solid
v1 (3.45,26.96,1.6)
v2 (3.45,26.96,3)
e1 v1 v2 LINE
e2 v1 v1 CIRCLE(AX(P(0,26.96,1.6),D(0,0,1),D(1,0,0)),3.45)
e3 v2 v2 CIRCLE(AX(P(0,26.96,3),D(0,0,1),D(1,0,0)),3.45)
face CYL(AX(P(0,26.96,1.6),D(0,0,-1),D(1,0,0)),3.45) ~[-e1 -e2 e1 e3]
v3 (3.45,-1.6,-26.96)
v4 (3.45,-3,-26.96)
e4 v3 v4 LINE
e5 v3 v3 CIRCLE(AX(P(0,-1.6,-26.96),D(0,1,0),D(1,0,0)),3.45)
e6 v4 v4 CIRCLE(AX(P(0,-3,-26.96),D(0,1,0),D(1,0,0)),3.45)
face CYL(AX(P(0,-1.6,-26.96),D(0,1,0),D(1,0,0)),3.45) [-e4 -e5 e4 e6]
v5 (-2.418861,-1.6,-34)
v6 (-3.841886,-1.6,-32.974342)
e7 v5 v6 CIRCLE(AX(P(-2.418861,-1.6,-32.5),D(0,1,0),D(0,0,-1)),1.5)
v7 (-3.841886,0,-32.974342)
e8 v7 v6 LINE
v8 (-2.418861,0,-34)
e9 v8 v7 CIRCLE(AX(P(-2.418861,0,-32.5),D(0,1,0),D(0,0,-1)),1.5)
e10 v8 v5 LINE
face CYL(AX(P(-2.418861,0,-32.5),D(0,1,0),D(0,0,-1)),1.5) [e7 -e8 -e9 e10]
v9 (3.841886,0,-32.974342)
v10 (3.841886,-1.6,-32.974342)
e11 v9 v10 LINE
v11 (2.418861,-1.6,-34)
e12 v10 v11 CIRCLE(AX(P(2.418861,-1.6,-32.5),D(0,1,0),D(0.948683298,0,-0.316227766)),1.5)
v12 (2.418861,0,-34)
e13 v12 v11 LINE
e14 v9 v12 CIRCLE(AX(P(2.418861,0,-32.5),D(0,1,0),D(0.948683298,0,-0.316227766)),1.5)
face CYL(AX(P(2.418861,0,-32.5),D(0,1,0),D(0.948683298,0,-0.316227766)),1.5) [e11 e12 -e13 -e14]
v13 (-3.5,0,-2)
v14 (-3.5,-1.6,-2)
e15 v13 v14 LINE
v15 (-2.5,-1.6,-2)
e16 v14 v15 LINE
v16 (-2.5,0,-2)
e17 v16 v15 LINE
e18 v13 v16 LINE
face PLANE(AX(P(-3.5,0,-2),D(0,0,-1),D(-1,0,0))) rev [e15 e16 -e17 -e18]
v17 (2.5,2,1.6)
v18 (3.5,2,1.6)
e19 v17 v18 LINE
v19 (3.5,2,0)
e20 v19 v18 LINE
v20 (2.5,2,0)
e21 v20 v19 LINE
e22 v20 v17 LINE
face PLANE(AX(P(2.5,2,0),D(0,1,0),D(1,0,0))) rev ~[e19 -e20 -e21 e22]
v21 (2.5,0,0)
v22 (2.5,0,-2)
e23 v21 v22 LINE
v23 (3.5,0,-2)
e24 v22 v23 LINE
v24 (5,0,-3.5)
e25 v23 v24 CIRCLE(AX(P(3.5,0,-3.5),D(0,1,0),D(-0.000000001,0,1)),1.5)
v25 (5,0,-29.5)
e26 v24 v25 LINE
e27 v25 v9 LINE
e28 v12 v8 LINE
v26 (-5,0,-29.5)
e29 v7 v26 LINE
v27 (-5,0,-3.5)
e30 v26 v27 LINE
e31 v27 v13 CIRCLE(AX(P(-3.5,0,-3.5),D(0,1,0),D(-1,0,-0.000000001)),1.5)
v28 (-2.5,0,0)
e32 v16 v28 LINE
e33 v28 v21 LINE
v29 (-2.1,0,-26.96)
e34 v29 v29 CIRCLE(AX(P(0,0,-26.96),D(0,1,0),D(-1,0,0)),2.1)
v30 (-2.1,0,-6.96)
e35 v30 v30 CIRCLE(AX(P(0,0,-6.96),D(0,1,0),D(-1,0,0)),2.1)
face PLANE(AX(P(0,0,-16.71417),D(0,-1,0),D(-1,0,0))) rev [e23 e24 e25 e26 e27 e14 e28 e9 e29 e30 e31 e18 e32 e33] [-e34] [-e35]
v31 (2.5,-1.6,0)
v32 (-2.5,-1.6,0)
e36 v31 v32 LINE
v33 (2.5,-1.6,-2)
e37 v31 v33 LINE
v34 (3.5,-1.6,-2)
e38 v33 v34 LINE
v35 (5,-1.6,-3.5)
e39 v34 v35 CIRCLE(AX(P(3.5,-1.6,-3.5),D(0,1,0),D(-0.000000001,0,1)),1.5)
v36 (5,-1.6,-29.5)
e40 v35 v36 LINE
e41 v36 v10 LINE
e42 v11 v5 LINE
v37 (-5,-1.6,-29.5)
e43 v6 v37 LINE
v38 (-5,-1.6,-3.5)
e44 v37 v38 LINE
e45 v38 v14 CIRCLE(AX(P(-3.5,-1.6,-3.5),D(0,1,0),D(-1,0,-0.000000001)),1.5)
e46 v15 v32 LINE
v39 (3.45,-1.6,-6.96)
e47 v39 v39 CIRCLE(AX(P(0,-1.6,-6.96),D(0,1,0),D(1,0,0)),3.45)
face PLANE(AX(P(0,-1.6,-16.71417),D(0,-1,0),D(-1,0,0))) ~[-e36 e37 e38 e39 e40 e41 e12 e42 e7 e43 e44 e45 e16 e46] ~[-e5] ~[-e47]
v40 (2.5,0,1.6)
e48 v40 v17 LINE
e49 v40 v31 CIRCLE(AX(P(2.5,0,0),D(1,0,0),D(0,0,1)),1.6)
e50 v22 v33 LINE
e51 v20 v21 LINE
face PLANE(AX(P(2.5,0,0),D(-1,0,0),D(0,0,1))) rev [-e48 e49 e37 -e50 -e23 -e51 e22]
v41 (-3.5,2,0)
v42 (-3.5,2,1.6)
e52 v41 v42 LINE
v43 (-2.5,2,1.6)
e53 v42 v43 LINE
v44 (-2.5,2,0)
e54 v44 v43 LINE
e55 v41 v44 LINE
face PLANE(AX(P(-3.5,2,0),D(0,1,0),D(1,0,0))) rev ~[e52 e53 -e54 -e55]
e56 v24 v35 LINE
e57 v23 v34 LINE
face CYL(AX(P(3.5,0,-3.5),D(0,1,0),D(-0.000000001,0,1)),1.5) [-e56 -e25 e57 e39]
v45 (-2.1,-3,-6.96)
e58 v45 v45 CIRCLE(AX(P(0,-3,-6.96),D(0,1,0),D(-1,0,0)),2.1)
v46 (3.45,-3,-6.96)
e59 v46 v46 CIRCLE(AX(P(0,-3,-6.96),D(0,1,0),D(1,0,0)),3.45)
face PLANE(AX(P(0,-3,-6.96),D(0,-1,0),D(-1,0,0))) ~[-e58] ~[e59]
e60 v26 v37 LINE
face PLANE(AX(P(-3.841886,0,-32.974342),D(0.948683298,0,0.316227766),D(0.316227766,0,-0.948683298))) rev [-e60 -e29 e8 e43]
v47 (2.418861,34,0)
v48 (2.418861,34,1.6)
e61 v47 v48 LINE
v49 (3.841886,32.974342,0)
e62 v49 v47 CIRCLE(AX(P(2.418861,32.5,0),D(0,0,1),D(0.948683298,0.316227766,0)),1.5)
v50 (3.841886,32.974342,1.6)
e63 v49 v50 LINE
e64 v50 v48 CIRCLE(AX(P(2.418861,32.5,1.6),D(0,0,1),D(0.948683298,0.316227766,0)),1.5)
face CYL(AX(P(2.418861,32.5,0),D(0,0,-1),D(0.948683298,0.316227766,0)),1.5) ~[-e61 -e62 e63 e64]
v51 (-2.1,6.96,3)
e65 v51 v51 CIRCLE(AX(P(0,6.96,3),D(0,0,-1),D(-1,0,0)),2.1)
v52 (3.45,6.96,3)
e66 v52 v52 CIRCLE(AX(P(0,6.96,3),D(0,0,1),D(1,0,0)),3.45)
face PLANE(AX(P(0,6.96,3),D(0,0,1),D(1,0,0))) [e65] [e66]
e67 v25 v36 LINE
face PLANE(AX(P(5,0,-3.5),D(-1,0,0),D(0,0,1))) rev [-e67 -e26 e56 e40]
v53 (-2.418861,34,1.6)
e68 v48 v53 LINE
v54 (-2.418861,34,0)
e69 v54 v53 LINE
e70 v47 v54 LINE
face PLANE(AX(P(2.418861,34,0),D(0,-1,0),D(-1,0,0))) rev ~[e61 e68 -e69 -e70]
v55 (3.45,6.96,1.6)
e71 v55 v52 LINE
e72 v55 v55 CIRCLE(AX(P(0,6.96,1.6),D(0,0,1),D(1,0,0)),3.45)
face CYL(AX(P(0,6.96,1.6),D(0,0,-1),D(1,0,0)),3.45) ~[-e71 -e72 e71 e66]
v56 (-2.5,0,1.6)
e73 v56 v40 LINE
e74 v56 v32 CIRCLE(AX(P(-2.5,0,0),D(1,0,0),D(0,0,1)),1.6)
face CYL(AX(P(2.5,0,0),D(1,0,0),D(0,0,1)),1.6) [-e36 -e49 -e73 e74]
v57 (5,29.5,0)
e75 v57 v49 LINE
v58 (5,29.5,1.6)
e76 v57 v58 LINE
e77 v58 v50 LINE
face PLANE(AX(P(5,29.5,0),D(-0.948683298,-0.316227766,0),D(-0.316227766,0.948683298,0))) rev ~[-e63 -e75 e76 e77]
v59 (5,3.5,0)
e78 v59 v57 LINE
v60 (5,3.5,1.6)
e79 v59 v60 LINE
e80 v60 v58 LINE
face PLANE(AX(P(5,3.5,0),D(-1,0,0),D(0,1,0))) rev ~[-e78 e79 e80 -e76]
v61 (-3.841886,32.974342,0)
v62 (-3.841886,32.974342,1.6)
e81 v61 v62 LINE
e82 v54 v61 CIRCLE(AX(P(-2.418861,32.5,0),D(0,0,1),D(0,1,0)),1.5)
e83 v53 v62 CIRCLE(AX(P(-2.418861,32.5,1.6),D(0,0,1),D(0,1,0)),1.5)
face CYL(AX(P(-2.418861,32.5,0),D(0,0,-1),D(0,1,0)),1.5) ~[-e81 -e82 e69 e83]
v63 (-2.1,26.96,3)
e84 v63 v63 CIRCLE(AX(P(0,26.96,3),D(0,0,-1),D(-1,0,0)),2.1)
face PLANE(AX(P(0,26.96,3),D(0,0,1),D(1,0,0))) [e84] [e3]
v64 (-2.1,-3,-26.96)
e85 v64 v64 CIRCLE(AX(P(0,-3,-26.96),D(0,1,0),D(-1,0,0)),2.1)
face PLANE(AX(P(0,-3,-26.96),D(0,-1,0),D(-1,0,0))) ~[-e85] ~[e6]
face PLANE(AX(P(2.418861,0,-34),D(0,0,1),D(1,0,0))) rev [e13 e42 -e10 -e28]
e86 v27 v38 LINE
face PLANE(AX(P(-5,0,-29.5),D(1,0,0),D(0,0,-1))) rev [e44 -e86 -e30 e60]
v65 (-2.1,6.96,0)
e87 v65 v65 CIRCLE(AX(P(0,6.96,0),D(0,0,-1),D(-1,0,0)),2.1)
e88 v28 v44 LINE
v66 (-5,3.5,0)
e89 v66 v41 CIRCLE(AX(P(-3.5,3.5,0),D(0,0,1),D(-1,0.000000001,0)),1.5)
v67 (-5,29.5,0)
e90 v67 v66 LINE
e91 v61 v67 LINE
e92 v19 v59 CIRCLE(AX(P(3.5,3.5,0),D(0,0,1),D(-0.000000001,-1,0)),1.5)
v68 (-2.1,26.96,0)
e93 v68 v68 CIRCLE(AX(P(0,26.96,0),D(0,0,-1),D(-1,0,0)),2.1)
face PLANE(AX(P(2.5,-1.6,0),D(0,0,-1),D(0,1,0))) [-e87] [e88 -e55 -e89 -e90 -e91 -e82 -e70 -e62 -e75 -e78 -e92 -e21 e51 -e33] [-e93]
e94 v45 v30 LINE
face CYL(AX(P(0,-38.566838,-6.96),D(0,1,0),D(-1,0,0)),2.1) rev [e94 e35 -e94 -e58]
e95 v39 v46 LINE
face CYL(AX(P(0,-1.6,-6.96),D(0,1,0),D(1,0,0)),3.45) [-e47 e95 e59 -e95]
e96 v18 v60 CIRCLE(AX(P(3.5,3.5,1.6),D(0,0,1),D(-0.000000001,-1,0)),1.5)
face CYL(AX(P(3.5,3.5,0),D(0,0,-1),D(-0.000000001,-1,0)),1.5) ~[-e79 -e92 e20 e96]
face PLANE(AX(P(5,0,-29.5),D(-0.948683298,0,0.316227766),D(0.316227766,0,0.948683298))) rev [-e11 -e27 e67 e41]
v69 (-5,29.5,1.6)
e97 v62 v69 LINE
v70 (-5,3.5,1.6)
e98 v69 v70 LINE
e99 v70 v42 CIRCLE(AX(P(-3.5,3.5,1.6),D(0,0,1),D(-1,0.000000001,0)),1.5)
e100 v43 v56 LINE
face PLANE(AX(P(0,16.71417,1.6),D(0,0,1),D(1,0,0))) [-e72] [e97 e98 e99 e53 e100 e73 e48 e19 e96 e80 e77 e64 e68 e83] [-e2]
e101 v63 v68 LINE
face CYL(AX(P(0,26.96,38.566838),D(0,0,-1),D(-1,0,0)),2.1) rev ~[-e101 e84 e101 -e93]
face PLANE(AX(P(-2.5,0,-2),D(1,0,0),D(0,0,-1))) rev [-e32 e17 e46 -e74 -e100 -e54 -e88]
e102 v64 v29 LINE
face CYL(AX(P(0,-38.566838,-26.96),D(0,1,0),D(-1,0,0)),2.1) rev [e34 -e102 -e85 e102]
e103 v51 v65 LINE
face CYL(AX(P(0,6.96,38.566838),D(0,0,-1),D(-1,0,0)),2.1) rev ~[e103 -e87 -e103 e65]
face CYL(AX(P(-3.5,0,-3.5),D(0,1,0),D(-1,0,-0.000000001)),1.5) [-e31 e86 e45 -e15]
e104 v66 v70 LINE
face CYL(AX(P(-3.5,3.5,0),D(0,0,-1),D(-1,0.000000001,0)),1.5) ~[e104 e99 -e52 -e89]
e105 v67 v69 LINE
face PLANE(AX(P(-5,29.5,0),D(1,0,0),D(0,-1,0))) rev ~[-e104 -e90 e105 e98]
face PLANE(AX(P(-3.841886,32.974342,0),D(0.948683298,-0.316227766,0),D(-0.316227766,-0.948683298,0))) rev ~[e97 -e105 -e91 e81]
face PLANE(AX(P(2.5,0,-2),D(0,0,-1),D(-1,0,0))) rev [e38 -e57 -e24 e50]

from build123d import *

# Parameters (mm, degrees)
BOSS_EXTRUDE1_DEPTH   = 1.6
SKETCH2_R             = 3.45
BOSS_EXTRUDE2_DEPTH   = 1.4
M5X0_8_TAPPED_HOLE1_D = 4.2
BOSS_EXTRUDE3_DEPTH   = 5


with BuildPart() as part:
    # Sketch1 → Boss-Extrude1 (new body)
    with BuildSketch(Plane.XY):
        with BuildLine():
            Line((-3.5, 2), (-2.5, 2))
            Line((-2.5, 2), (-2.5, 0))
            Line((-2.5, 0), (2.5, 0))
            Line((2.5, 0), (2.5, 2))
            Line((2.5, 2), (3.5, 2))
            ThreePointArc((3.5, 2), (4.560660172, 2.439339828), (5, 3.5))
            Line((5, 3.5), (5, 29.5))
            Line((5, 29.5), (3.841886117, 32.974341649))
            ThreePointArc((3.841886117, 32.974341649), (3.295926597, 33.716863278), (2.41886117, 34))
            Line((2.41886117, 34), (-2.41886117, 34))
            ThreePointArc((-2.41886117, 34), (-3.295926597, 33.716863278), (-3.841886117, 32.974341649))
            Line((-3.841886117, 32.974341649), (-5, 29.5))
            Line((-5, 29.5), (-5, 3.5))
            ThreePointArc((-5, 3.5), (-4.560660172, 2.439339828), (-3.5, 2))
        make_face()
    boss_extrude1 = extrude(amount=BOSS_EXTRUDE1_DEPTH)

    # Sketch2 → Boss-Extrude2 (add)
    with BuildSketch(Plane.XY.offset(1.6)):
        with Locations((0, 6.96)):
            Circle(SKETCH2_R)
        with Locations((0, 26.96)):
            Circle(SKETCH2_R)
    boss_extrude2 = extrude(amount=BOSS_EXTRUDE2_DEPTH)

    # M5x0.8 Tapped Hole1 (through all)
    with Locations(Plane.XY.offset(3)):
        with Locations((0, 26.96), (0, 6.96)):
            m5x0_8_tapped_hole1 = Hole(M5X0_8_TAPPED_HOLE1_D / 2)

    # Sketch5 → Boss-Extrude3 (add)
    with BuildSketch(Plane(origin=(2.5, 0, 0), x_dir=(0, 0, -1), z_dir=(1, 0, 0))):
        with BuildLine():
            Line((0, 0), (-1.6, 0))
            ThreePointArc((-1.6, 0), (-1.13137085, -1.13137085), (0, -1.6))
            Line((0, -1.6), (0, 0))
        make_face()
    extrude(amount=-BOSS_EXTRUDE3_DEPTH)

    # Mirror4: Boss-Extrude1, Boss-Extrude2, M5x0.8 Tapped Hole1 across plane
    add(boss_extrude1.mirror(Plane(origin=(0, 0, 0), x_dir=(0, -0.707106781, 0.707106781), z_dir=(0, -0.707106781, -0.707106781))))
    add(boss_extrude2.mirror(Plane(origin=(0, 0, 0), x_dir=(0, -0.707106781, 0.707106781), z_dir=(0, -0.707106781, -0.707106781))))
    add(m5x0_8_tapped_hole1.mirror(Plane(origin=(0, 0, 0), x_dir=(0, -0.707106781, 0.707106781), z_dir=(0, -0.707106781, -0.707106781))), mode=Mode.SUBTRACT)


solid = part.part
